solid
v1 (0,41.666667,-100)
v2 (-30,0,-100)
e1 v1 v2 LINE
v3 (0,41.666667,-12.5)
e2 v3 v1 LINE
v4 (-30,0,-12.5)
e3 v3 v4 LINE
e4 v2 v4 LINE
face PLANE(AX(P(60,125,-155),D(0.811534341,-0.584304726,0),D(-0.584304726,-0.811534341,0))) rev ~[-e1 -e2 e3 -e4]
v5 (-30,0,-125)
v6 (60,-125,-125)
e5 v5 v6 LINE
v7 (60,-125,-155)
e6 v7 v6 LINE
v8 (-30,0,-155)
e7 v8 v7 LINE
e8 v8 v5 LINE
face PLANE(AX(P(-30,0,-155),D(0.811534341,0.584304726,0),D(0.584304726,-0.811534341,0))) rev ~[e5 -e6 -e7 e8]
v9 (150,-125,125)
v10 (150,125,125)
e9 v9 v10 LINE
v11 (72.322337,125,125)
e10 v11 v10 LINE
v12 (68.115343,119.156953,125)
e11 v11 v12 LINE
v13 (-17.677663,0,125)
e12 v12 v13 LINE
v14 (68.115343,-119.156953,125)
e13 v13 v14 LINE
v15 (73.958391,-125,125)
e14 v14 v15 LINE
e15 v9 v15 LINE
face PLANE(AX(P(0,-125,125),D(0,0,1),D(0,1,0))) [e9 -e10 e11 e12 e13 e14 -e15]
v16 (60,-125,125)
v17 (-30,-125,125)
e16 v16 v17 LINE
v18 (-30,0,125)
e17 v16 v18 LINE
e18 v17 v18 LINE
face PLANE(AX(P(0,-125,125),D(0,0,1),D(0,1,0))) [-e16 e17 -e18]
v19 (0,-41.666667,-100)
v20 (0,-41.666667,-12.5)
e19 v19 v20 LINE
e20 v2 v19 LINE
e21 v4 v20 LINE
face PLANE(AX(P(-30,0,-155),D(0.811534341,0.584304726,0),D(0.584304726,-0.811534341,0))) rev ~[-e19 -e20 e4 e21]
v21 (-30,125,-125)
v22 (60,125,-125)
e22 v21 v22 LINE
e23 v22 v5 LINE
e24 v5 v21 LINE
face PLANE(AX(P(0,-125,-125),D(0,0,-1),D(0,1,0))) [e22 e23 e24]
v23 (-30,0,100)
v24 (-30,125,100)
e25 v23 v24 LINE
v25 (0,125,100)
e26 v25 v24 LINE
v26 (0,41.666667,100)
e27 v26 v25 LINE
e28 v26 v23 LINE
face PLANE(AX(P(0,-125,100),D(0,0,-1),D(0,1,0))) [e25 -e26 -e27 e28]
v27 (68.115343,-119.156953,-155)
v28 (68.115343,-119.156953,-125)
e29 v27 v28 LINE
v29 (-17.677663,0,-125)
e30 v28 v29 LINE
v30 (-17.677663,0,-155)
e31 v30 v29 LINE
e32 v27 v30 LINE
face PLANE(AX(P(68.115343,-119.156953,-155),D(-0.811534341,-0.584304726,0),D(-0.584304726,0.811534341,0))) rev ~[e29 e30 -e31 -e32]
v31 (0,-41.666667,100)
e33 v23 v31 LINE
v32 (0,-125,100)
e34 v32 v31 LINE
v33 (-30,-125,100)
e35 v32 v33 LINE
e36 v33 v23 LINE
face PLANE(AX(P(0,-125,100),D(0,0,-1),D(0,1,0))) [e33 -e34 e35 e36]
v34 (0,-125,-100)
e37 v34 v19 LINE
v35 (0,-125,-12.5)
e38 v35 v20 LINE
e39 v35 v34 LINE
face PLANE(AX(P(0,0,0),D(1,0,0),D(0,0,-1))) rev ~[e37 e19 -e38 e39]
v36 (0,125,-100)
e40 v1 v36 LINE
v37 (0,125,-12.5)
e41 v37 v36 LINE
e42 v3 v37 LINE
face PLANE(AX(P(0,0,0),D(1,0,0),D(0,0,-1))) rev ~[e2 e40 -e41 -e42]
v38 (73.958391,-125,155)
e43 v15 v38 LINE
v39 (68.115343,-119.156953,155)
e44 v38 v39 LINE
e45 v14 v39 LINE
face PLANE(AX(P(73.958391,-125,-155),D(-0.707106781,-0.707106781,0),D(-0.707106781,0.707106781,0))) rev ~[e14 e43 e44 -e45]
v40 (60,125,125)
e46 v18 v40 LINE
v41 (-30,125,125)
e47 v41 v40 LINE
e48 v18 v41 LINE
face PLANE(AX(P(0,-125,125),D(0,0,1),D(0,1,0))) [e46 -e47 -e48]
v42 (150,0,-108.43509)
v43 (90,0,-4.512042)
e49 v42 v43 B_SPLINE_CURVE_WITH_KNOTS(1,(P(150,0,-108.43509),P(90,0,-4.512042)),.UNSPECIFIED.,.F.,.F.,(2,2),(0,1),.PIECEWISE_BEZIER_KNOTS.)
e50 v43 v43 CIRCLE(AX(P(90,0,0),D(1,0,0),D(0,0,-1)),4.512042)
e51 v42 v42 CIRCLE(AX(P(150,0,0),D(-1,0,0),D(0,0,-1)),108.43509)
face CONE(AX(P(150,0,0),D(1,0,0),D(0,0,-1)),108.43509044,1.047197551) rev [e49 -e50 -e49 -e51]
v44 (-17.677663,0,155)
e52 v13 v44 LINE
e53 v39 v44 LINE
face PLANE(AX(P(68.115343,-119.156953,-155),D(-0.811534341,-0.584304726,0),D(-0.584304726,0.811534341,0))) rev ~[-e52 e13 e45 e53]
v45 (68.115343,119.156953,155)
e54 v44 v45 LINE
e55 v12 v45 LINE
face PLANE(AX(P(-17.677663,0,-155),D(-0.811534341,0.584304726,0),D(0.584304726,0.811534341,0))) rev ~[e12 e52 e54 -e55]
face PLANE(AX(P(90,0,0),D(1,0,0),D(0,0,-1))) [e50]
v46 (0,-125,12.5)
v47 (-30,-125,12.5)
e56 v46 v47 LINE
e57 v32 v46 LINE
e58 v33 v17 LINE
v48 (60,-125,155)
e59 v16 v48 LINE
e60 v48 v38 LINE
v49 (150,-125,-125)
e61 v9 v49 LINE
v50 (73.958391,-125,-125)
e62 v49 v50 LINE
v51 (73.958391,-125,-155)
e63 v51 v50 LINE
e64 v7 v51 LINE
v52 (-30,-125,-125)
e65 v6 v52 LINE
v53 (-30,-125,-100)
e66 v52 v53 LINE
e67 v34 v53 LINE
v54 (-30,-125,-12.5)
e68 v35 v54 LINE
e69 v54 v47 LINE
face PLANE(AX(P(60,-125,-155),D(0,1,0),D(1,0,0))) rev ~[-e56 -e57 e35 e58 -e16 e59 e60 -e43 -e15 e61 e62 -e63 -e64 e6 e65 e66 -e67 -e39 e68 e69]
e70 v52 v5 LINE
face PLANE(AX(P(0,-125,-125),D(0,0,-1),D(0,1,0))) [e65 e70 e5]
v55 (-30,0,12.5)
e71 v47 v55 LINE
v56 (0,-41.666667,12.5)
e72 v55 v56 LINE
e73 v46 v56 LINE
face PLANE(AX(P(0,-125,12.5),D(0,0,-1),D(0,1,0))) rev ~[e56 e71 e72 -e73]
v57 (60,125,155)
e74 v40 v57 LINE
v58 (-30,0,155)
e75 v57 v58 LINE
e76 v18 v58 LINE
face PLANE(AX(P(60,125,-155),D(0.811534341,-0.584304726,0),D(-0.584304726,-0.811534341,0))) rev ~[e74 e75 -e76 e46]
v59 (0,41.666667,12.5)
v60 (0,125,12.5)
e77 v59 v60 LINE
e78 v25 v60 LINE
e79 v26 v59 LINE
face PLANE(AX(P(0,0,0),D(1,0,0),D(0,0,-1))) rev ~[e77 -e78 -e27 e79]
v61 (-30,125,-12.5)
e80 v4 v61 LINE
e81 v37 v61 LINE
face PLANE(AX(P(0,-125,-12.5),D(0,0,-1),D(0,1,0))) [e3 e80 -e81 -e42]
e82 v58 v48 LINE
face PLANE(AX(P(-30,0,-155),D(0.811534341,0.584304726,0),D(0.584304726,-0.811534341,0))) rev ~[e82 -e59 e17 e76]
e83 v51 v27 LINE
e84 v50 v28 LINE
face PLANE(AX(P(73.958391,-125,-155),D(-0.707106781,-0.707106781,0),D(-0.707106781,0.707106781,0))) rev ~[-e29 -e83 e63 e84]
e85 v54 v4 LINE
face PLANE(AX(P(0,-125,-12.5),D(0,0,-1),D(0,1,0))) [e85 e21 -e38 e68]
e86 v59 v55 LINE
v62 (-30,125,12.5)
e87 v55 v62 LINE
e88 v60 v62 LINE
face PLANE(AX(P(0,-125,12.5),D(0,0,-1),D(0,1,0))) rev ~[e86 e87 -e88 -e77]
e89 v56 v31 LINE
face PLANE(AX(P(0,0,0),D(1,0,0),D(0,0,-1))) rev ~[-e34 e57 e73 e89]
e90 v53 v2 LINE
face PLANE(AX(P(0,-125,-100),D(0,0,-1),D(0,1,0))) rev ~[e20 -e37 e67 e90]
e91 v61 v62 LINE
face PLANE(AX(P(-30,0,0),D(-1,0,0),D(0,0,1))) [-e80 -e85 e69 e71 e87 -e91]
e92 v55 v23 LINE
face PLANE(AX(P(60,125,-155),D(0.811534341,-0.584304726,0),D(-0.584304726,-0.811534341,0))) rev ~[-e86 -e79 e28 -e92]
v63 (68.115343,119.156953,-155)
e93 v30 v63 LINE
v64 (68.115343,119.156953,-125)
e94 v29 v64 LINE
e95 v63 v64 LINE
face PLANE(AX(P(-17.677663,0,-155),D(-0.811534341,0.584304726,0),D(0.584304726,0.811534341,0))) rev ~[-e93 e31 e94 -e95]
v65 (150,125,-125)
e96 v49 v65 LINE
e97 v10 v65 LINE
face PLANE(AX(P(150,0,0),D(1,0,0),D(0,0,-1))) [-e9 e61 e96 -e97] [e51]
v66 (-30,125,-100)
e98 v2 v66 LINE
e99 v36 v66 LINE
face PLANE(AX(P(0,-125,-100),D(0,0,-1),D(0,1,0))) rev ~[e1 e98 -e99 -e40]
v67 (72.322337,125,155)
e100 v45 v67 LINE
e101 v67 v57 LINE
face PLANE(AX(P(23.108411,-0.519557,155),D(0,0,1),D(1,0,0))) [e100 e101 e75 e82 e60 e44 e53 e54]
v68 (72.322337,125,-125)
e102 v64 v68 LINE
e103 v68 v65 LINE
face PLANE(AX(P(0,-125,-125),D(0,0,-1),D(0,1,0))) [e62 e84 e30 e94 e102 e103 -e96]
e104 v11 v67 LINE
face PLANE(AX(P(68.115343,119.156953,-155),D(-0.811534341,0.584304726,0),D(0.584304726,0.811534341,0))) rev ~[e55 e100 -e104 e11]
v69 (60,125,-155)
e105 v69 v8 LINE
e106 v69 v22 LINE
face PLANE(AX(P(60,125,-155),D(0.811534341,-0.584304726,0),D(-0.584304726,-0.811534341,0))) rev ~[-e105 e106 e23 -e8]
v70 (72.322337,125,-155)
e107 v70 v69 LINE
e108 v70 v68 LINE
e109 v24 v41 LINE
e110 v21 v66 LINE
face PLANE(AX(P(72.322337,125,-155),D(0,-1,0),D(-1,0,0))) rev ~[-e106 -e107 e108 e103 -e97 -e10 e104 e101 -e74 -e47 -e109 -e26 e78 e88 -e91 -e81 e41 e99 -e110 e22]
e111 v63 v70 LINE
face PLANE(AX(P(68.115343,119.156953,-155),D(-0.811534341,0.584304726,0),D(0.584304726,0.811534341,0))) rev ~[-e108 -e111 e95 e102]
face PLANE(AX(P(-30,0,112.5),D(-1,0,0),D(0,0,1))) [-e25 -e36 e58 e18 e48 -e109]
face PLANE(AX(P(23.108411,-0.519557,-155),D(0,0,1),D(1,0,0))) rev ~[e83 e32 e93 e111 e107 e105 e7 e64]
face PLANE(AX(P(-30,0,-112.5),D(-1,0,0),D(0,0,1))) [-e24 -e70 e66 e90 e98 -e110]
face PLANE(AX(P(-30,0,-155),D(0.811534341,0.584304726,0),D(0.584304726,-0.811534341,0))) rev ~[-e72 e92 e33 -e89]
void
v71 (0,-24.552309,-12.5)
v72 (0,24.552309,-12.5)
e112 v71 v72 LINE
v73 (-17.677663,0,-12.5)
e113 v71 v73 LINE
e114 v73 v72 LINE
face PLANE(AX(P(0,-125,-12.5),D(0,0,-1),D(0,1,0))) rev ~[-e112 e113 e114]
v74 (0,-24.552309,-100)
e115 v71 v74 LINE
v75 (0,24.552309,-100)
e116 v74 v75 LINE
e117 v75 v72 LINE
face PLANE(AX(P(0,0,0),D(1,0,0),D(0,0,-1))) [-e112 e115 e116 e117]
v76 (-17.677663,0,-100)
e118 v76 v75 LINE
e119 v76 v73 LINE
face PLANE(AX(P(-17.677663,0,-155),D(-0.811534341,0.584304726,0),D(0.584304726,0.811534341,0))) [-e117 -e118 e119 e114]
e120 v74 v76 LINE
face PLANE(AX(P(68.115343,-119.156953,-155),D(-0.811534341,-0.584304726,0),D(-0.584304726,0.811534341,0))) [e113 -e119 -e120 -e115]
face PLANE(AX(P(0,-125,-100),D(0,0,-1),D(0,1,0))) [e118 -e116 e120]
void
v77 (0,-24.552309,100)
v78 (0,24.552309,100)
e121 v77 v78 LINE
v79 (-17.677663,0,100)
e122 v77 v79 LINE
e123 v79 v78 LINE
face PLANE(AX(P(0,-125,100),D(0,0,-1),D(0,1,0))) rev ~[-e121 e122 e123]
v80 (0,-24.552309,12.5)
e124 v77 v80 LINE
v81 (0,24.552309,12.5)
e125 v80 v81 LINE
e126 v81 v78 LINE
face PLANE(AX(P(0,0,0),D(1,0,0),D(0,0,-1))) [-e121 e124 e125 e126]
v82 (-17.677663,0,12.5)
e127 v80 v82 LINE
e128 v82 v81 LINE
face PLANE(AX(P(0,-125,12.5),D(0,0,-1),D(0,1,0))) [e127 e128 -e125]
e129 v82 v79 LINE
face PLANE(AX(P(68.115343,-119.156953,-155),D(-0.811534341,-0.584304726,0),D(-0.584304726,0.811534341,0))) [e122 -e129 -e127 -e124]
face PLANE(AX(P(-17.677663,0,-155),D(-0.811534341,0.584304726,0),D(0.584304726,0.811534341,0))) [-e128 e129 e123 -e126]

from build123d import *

# Parameters (mm, degrees)
IZIM1_W                          = 250
IZIM1_H                          = 250
Y_KSEKLIK_EKSTR_ZYON1_DEPTH      = 150
IZIM2_R                          = 108.43509044
KES_EKSTR_ZYON1_DEPTH            = 60
KES_EKSTR_ZYON1_TAPER            = 60
IZIM3_W                          = 25
IZIM3_H                          = 250
Y_KSEKLIK_EKSTR_ZYON2_DEPTH      = 30
Y_KSEKLIK_EKSTR_ZYON3_DEPTH      = 30
Y_KSEKLIK_EKSTR_ZYON3_DEPTH_BACK = 280


with BuildPart() as part:
    # Çizim1 → Yükseklik-Ekstrüzyon1 (new body)
    with BuildSketch(Plane(origin=(0, 0, 0), x_dir=(0, 0, -1), z_dir=(1, 0, 0))):
        Rectangle(IZIM1_W, IZIM1_H)
    extrude(amount=Y_KSEKLIK_EKSTR_ZYON1_DEPTH)

    # Çizim2 → Kes-Ekstrüzyon1 (cut)
    with BuildSketch(Plane(origin=(150, 0, 0), x_dir=(0, 0, -1), z_dir=(1, 0, 0))):
        Circle(IZIM2_R)
    extrude(amount=-KES_EKSTR_ZYON1_DEPTH, taper=KES_EKSTR_ZYON1_TAPER, mode=Mode.SUBTRACT)

    # Çizim3 → Yükseklik-Ekstrüzyon2 (add)
    with BuildSketch(Plane.ZY):
        with Locations((-112.5, 0)):
            Rectangle(IZIM3_W, IZIM3_H)
        with Locations((112.5, 0)):
            Rectangle(IZIM3_W, IZIM3_H)
        Rectangle(IZIM3_W, IZIM3_H)
    extrude(amount=Y_KSEKLIK_EKSTR_ZYON2_DEPTH)

    # Çizim4 → Yükseklik-Ekstrüzyon3 (add, two sides: drawn at the far end of the back side and taken through both)
    with BuildSketch(Plane.XY.offset(125).offset(-Y_KSEKLIK_EKSTR_ZYON3_DEPTH_BACK)):
        Polygon((60, 125), (-30, 0), (60, -125), (73.958390673, -125), (68.115343415, -119.156952742), (-17.677662559, 0), (68.115343415, 119.156952742), (72.322337441, 125), align=None)
    extrude(amount=Y_KSEKLIK_EKSTR_ZYON3_DEPTH + Y_KSEKLIK_EKSTR_ZYON3_DEPTH_BACK)


solid = part.part
